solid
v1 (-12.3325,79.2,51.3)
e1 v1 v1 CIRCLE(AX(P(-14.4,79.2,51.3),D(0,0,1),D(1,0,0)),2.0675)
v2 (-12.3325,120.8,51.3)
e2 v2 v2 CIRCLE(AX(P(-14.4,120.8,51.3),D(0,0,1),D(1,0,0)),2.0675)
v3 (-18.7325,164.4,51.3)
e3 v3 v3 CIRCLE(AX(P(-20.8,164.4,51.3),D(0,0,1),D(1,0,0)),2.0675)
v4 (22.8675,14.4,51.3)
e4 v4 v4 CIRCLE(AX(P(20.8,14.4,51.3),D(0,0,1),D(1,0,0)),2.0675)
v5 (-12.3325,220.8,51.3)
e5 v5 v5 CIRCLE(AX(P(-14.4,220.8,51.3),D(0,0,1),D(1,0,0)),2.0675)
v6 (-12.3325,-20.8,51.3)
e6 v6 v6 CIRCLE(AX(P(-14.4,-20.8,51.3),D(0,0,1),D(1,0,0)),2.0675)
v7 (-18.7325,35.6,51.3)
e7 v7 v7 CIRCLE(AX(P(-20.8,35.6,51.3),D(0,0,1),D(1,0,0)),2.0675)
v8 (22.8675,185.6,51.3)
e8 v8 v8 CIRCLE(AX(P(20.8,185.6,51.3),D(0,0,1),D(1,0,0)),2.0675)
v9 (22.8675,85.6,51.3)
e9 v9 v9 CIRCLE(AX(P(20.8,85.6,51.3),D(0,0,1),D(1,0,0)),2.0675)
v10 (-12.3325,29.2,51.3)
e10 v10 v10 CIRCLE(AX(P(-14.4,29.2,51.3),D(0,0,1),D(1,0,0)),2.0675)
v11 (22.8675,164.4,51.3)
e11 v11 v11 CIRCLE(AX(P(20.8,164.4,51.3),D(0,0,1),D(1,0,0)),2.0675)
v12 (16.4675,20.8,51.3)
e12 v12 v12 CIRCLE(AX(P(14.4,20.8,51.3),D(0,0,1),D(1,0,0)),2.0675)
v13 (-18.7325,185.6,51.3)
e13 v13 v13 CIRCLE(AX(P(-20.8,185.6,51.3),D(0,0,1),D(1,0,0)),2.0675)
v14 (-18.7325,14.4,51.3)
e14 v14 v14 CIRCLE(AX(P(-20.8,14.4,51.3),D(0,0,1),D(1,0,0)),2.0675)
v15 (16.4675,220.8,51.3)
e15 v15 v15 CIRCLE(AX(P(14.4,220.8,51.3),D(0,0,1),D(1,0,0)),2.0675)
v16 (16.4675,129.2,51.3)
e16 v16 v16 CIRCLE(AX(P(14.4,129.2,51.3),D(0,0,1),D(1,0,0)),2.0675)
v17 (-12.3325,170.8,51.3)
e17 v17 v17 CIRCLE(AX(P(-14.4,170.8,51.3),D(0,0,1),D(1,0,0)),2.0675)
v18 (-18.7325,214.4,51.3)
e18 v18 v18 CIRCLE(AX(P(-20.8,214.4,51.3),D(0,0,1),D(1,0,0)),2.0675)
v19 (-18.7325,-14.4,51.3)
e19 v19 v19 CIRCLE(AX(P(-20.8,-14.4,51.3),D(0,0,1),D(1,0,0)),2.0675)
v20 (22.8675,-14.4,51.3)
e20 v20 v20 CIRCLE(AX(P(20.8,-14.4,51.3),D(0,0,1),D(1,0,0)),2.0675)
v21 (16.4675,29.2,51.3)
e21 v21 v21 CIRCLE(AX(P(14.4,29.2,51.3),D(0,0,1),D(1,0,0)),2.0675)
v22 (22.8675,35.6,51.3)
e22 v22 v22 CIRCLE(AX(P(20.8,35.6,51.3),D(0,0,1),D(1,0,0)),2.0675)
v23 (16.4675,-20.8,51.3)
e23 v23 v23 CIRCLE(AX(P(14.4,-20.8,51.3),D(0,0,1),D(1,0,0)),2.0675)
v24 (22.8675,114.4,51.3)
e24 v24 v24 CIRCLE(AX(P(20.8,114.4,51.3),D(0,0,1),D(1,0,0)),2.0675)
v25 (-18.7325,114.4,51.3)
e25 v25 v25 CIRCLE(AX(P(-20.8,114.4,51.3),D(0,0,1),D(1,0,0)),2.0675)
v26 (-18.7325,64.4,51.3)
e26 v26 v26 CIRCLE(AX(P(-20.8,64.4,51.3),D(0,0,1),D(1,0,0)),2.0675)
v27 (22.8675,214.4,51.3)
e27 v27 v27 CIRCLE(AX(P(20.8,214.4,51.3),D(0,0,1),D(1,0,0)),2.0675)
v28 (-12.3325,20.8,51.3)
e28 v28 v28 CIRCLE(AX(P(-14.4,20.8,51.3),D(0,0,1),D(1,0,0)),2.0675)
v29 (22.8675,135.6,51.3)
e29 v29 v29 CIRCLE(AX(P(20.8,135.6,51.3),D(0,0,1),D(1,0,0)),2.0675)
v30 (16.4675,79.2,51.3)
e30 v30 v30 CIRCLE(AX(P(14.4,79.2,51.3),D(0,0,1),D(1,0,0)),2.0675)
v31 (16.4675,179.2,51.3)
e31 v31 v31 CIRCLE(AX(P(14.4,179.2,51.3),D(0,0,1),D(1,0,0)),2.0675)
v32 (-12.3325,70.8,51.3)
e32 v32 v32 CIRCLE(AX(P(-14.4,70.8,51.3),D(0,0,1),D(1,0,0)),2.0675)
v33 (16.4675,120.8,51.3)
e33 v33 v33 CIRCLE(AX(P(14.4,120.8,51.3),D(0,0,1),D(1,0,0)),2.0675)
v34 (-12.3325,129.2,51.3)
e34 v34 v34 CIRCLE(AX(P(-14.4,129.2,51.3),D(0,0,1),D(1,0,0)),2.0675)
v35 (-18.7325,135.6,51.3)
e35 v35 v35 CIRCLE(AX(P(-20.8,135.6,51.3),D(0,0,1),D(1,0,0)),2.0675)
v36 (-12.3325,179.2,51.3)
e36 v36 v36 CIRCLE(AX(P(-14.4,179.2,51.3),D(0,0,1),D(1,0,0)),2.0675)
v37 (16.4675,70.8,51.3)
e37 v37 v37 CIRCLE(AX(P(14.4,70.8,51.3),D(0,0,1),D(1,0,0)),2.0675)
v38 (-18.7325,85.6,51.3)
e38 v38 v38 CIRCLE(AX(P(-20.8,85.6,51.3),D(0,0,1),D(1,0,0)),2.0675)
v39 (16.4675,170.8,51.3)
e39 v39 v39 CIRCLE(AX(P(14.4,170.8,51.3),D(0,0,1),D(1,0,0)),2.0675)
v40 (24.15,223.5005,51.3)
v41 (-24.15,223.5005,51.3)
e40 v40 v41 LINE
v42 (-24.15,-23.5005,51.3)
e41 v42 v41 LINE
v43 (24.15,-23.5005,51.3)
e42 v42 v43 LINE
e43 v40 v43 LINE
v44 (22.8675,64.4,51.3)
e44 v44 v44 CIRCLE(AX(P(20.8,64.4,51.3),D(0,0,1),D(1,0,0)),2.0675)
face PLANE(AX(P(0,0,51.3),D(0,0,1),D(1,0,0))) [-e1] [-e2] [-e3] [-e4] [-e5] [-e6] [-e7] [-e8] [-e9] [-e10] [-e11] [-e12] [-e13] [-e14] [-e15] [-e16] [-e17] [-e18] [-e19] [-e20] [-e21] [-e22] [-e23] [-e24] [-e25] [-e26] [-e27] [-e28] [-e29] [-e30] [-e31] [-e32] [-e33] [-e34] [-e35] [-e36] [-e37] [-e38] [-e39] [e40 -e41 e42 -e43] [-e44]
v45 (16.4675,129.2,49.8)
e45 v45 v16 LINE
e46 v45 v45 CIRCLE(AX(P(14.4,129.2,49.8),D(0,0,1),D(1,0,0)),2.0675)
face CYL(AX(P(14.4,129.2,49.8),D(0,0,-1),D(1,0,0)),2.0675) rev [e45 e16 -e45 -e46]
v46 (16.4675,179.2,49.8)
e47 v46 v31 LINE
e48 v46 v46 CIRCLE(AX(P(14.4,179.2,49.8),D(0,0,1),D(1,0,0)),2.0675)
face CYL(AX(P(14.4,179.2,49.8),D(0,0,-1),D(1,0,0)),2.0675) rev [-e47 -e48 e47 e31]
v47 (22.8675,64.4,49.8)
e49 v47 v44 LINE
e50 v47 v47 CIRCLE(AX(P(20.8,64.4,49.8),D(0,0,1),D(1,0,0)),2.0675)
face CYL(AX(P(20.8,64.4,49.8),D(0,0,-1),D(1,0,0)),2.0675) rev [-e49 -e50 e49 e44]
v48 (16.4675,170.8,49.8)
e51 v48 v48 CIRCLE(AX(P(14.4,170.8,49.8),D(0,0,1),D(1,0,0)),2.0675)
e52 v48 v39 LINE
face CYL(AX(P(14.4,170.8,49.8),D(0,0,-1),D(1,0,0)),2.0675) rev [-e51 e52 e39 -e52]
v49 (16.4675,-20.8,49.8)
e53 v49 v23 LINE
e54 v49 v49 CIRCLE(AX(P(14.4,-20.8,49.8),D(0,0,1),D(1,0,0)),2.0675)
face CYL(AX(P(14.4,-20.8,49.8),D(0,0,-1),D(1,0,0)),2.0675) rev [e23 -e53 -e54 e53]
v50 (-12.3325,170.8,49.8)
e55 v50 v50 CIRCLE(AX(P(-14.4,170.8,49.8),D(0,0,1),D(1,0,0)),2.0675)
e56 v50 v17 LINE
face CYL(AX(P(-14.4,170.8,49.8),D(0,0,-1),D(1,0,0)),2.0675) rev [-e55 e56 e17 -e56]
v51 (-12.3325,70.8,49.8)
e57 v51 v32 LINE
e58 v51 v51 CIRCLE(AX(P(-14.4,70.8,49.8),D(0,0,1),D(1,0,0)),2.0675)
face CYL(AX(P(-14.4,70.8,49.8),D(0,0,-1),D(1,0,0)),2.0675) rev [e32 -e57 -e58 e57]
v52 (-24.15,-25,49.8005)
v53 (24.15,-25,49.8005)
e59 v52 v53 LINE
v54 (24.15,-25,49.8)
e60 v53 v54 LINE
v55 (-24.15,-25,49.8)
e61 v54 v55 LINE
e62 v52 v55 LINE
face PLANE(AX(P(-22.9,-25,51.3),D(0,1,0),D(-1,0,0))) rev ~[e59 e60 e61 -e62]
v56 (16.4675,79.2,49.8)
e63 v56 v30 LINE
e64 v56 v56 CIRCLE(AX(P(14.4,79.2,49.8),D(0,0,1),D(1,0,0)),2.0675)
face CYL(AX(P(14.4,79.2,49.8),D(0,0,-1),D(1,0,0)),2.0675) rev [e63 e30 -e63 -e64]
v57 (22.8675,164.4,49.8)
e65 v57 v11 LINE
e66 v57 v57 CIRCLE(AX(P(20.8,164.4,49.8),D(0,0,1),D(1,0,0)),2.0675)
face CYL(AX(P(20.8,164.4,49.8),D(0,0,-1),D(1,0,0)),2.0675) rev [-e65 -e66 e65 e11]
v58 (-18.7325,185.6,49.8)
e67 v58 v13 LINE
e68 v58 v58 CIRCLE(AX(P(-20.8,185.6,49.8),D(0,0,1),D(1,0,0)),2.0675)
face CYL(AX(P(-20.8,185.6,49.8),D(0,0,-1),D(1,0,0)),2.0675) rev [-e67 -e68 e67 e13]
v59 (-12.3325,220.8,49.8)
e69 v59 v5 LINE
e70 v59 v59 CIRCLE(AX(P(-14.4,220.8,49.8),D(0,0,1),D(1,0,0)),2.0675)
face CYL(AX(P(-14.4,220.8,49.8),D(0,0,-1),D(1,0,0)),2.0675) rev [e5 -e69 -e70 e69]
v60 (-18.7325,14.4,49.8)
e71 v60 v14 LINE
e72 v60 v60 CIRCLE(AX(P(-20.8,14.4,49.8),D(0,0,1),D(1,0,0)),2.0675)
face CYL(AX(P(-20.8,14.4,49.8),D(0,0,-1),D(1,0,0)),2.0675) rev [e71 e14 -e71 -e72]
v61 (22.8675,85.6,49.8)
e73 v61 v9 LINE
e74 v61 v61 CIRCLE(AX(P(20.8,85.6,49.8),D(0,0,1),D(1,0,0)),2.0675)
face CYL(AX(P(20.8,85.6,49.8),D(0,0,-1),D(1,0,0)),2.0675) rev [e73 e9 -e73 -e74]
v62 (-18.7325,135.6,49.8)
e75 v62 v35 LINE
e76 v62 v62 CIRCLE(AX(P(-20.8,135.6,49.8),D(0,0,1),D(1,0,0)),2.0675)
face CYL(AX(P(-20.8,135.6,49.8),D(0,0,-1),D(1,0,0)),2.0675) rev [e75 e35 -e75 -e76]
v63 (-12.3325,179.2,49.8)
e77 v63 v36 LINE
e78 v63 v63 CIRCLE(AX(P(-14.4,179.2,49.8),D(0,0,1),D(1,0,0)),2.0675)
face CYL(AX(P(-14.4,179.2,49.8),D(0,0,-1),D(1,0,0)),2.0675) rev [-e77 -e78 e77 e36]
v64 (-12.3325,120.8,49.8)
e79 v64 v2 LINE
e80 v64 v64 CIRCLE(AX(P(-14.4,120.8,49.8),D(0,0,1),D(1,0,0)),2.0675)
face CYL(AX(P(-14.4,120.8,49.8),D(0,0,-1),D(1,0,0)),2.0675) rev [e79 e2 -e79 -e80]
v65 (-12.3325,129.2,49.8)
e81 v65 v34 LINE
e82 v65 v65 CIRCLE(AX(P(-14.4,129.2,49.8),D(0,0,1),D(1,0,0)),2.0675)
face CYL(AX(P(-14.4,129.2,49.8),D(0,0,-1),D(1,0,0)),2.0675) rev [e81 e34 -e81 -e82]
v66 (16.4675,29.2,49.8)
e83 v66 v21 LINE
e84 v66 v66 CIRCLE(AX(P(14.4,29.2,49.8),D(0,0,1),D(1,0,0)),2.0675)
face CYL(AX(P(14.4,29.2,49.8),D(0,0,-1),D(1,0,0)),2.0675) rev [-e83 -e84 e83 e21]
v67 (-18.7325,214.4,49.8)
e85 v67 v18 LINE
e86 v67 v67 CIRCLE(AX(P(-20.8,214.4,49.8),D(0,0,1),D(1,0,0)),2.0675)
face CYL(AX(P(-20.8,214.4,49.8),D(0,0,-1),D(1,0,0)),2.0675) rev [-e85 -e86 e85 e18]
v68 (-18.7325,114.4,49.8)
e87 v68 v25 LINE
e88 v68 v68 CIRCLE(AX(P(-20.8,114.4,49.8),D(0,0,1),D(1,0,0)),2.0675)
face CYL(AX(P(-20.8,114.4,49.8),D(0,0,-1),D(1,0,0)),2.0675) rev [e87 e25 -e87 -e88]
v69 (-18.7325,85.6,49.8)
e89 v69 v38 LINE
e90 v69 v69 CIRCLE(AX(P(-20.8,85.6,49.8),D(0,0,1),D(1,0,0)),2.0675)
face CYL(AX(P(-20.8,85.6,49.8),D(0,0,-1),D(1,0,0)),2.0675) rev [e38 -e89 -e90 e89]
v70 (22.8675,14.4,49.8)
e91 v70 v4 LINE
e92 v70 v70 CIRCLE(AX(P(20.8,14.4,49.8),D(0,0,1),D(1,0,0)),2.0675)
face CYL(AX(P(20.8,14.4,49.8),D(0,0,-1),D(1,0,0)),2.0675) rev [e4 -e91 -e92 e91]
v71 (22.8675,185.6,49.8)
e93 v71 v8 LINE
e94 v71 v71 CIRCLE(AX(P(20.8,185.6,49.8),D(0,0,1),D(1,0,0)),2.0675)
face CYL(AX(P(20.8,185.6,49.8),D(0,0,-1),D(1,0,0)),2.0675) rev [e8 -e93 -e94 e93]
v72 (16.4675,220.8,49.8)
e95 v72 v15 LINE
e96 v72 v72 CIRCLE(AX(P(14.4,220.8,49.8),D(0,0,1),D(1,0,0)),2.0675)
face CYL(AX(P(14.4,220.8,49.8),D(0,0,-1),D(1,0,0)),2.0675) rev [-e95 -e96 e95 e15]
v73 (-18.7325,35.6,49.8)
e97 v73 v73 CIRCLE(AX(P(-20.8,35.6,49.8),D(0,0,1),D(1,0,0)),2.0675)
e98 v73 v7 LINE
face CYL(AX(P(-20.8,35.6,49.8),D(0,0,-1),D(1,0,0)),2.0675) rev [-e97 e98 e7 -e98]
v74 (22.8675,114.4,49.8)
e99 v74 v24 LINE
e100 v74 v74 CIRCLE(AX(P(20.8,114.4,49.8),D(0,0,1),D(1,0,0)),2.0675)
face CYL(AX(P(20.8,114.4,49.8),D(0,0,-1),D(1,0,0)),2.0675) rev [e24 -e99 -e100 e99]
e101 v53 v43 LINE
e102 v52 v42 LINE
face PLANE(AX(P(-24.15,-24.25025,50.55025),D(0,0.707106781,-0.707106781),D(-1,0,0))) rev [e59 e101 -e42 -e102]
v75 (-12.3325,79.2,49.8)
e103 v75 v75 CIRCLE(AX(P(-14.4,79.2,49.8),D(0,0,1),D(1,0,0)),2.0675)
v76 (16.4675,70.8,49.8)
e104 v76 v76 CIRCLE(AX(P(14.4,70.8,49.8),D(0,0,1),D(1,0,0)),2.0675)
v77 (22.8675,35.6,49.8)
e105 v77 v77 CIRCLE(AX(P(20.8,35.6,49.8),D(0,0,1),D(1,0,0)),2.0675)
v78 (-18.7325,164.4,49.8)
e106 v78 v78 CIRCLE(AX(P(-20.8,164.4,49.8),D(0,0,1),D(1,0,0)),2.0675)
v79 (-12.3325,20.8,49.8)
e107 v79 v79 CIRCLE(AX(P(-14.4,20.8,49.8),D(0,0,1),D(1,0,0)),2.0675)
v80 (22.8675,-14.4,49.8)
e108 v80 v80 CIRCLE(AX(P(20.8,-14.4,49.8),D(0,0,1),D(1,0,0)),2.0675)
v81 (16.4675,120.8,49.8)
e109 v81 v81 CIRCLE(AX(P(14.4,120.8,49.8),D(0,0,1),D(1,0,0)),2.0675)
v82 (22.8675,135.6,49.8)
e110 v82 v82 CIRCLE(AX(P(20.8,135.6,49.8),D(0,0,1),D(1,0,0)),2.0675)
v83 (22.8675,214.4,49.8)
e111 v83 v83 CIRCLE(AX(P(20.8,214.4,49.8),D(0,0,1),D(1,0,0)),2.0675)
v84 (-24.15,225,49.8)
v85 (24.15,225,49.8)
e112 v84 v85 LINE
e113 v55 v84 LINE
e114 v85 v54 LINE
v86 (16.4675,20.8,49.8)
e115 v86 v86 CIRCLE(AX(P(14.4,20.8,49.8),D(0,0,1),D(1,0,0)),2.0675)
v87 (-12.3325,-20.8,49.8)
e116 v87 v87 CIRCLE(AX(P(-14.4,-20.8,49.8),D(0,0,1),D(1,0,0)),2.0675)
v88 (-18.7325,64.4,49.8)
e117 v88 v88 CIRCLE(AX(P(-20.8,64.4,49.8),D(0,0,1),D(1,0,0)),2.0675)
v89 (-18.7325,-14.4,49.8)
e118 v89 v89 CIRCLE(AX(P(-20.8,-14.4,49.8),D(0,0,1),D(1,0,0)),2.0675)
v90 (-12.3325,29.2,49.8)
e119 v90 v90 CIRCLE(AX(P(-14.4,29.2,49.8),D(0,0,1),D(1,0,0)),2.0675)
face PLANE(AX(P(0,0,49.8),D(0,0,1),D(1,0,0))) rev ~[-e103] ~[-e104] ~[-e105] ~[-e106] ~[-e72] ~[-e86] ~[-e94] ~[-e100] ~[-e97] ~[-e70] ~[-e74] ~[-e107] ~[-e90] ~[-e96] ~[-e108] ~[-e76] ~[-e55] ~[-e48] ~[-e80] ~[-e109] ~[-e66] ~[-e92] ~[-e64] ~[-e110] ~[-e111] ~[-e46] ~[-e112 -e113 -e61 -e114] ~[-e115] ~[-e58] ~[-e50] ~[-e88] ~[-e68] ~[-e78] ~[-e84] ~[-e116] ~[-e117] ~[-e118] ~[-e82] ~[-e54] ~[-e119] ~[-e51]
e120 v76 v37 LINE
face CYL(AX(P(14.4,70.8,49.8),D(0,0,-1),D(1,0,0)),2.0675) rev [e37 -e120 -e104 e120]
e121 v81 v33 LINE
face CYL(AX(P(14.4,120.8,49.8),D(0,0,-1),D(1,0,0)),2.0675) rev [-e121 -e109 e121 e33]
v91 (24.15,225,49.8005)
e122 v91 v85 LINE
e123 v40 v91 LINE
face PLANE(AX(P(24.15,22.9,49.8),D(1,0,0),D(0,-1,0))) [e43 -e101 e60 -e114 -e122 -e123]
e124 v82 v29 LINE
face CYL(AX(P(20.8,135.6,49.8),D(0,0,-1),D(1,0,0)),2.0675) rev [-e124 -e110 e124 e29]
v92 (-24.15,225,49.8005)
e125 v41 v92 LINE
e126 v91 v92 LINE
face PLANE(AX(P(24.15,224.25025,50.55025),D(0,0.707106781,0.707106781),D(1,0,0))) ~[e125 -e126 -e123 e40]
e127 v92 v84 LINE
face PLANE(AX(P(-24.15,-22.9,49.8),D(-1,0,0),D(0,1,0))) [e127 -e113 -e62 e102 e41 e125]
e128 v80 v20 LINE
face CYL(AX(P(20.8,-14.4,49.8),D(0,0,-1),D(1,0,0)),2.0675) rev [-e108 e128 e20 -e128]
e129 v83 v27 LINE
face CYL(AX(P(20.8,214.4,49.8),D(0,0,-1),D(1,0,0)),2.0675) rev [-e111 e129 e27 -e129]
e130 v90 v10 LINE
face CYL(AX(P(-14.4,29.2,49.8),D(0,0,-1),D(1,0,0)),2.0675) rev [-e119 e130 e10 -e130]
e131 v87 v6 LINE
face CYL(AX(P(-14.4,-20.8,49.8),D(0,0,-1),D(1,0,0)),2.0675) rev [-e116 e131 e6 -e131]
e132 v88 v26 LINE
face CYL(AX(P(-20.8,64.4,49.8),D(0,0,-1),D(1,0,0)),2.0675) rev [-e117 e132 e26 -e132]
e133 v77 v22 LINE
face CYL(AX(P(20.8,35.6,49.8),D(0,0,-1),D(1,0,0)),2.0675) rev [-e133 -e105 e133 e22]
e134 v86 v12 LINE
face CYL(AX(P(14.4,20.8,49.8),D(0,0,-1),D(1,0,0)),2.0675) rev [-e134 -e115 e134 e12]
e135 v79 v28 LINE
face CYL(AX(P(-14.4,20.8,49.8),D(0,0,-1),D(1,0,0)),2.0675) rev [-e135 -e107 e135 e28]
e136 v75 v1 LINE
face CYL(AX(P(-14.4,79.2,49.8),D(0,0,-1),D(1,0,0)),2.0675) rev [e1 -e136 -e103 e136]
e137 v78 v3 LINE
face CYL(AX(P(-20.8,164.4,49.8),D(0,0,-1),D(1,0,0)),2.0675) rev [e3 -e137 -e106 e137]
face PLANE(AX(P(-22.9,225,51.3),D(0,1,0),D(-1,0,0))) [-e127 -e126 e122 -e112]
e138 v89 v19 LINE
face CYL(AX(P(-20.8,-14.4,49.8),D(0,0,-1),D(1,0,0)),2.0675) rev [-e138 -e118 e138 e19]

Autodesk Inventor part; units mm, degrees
ref_plane "YZ Plane" through (0, 0, 0) normal (1, 0, 0) x (0, 1, 0)
ref_plane "XZ Plane" through (0, 0, 0) normal (0, 1, 0) x (-1, 0, 0)
sketch "Sketch1" plane through (0, 0, 0) normal (0, 0, 1) x (1, 0, 0)
  circle A0 centre (-21.9, -21.9) radius 1.875 projected
  circle A1 centre (21.9, 21.9) radius 1.875 projected
  circle A2 centre (21.9, -21.9) radius 1.875 projected
  circle A3 centre (-21.9, 21.9) radius 1.875 projected
  circle A4 centre (14.4, 20.8) radius 2.0675 projected
  circle A5 centre (-14.4, -20.8) radius 2.0675 projected
  circle A6 centre (14.4, -20.8) radius 2.0675 projected
  circle A7 centre (20.8, -14.4) radius 2.0675 projected
  line L0 (-17.05, 17.05) -> (-17.05, -17.05) projected
  line L1 (17.05, 17.05) -> (-17.05, 17.05) projected
  line L2 (17.05, -17.05) -> (17.05, 17.05) projected
  line L3 (-17.05, -17.05) -> (17.05, -17.05) projected
  circle A8 centre (20.8, 14.4) radius 2.0675 projected
  circle A9 centre (-14.4, 20.8) radius 2.0675 projected
  circle A10 centre (-20.8, -14.4) radius 2.0675 projected
  circle A11 centre (-20.8, 14.4) radius 2.0675 projected
  line L4 (-22.9, 24.15) -> (22.9, 24.15) projected
  arc A12 (-22.9, 24.15) -> (-24.15, 22.9) centre (-22.9, 22.9) ccw projected
  line L5 (-24.15, -22.9) -> (-24.15, 22.9) projected
  arc A13 (-24.15, -22.9) -> (-22.9, -24.15) centre (-22.9, -22.9) ccw projected
  line L6 (22.9, -24.15) -> (-22.9, -24.15) projected
  arc A14 (22.9, -24.15) -> (24.15, -22.9) centre (22.9, -22.9) ccw projected
  line L7 (24.15, 22.9) -> (24.15, -22.9) projected
  arc A15 (24.15, 22.9) -> (22.9, 24.15) centre (22.9, 22.9) ccw projected
  point P0 (0, 0)
ref_plane "Work Plane1" through (-24.15, -24.15, 49.8) normal (0, 0, 1) x (1, 0, 0)
extrude "Extrusion1" add sketch "Sketch1" along normal blind 1.5 from surface at 49.8 contours A0 | A1 | A2 | A3 | L1 L2 L3 L0 | L4 A15 L7 A14 L6 A13 L5 A12
sketch "Sketch2" plane through (-22.9, -24.15, 51.3) normal (0, 0, 1) x (1, 0, 0)
  arc A0 (-1.25, 1.25) -> (0, 0) centre (0, 1.25) ccw projected
  line L0 (45.8, 0) -> (0, 0) projected
  arc A1 (45.8, 0) -> (47.05, 1.25) centre (45.8, 1.25) ccw projected
  line L1 (47.05, 47.05) -> (47.05, 1.25) projected
  arc A2 (47.05, 47.05) -> (45.8, 48.3) centre (45.8, 47.05) ccw projected
  line L2 (0, 48.3) -> (45.8, 48.3) projected
  arc A3 (0, 48.3) -> (-1.25, 47.05) centre (0, 47.05) ccw projected
  line L3 (-1.25, 1.25) -> (-1.25, 47.05) projected
  circle A4 centre (2.1, 38.55) radius 2.0675 projected
  circle A5 centre (2.1, 9.75) radius 2.0675 projected
  circle A6 centre (8.5, 44.95) radius 2.0675 projected
  circle A7 centre (43.7, 38.55) radius 2.0675 projected
  circle A8 centre (43.7, 9.75) radius 2.0675 projected
  circle A9 centre (37.3, 3.35) radius 2.0675 projected
  circle A10 centre (8.5, 3.35) radius 2.0675 projected
  circle A11 centre (37.3, 44.95) radius 2.0675 projected
  arc A12 (47.9, 47.05) -> (45.8, 49.15) centre (45.8, 47.05) ccw
  line L4 (47.9, 47.05) -> (47.9, 1.25)
  arc A13 (45.8, -0.85) -> (47.9, 1.25) centre (45.8, 1.25) ccw
  line L5 (45.8, -0.85) -> (0, -0.85)
  arc A14 (-2.1, 1.25) -> (0, -0.85) centre (0, 1.25) ccw
  line L6 (-2.1, 1.25) -> (-2.1, 47.05)
  arc A15 (0, 49.15) -> (-2.1, 47.05) centre (0, 47.05) ccw
  line L7 (0, 49.15) -> (45.8, 49.15)
  line L8 (47.05, 1.25) -> (45.8, 1.25)
  line L9 (45.8, 1.25) -> (45.8, -0.85)
  line L10 (45.8, -0.85) -> (47.05, -0.85)
  line L11 (47.05, -0.85) -> (47.05, 1.25)
  line L12 (-1.25, 1.25) -> (0, 1.25)
  line L13 (0, 1.25) -> (0, -0.85)
  line L14 (0, -0.85) -> (-1.25, -0.85)
  line L15 (-1.25, -0.85) -> (-1.25, 1.25)
  line L16 (-1.25, 47.05) -> (0, 47.05)
  line L17 (0, 47.05) -> (0, 49.15)
  line L18 (0, 49.15) -> (-1.25, 49.15)
  line L19 (-1.25, 49.15) -> (-1.25, 47.05)
  line L20 (47.05, 47.05) -> (45.8, 47.05)
  line L21 (45.8, 47.05) -> (45.8, 49.15)
  line L22 (45.8, 49.15) -> (47.05, 49.15)
  line L23 (47.05, 49.15) -> (47.05, 47.05)
  point P0 (22.9, 24.15)
  dimension "d2" = 0.85
extrude "Extrusion2" add sketch "Sketch2" against normal blind 1.5 contours A0 L13 A14 L15 | L0 L9 L5 L13 | L19 A15 L17 A3 | A14 L14 L15 | A1 L11 A13 L9 | L17 L7 L21 L2 | L19 L18 A15 | A13 L11 L10 | L21 A12 L23 A2 | L22 L23 A12
pattern_linear "Rectangular Pattern1" count 5 spacing 50 along (0, 1, 0) of "Extrusion1", "Extrusion2"
chamfer "Chamfer1" distance 1.5 angle 45 2 edges at (0, -25, 51.3) (0, 225, 51.3)
properties part number "Panel Top 1x5"
